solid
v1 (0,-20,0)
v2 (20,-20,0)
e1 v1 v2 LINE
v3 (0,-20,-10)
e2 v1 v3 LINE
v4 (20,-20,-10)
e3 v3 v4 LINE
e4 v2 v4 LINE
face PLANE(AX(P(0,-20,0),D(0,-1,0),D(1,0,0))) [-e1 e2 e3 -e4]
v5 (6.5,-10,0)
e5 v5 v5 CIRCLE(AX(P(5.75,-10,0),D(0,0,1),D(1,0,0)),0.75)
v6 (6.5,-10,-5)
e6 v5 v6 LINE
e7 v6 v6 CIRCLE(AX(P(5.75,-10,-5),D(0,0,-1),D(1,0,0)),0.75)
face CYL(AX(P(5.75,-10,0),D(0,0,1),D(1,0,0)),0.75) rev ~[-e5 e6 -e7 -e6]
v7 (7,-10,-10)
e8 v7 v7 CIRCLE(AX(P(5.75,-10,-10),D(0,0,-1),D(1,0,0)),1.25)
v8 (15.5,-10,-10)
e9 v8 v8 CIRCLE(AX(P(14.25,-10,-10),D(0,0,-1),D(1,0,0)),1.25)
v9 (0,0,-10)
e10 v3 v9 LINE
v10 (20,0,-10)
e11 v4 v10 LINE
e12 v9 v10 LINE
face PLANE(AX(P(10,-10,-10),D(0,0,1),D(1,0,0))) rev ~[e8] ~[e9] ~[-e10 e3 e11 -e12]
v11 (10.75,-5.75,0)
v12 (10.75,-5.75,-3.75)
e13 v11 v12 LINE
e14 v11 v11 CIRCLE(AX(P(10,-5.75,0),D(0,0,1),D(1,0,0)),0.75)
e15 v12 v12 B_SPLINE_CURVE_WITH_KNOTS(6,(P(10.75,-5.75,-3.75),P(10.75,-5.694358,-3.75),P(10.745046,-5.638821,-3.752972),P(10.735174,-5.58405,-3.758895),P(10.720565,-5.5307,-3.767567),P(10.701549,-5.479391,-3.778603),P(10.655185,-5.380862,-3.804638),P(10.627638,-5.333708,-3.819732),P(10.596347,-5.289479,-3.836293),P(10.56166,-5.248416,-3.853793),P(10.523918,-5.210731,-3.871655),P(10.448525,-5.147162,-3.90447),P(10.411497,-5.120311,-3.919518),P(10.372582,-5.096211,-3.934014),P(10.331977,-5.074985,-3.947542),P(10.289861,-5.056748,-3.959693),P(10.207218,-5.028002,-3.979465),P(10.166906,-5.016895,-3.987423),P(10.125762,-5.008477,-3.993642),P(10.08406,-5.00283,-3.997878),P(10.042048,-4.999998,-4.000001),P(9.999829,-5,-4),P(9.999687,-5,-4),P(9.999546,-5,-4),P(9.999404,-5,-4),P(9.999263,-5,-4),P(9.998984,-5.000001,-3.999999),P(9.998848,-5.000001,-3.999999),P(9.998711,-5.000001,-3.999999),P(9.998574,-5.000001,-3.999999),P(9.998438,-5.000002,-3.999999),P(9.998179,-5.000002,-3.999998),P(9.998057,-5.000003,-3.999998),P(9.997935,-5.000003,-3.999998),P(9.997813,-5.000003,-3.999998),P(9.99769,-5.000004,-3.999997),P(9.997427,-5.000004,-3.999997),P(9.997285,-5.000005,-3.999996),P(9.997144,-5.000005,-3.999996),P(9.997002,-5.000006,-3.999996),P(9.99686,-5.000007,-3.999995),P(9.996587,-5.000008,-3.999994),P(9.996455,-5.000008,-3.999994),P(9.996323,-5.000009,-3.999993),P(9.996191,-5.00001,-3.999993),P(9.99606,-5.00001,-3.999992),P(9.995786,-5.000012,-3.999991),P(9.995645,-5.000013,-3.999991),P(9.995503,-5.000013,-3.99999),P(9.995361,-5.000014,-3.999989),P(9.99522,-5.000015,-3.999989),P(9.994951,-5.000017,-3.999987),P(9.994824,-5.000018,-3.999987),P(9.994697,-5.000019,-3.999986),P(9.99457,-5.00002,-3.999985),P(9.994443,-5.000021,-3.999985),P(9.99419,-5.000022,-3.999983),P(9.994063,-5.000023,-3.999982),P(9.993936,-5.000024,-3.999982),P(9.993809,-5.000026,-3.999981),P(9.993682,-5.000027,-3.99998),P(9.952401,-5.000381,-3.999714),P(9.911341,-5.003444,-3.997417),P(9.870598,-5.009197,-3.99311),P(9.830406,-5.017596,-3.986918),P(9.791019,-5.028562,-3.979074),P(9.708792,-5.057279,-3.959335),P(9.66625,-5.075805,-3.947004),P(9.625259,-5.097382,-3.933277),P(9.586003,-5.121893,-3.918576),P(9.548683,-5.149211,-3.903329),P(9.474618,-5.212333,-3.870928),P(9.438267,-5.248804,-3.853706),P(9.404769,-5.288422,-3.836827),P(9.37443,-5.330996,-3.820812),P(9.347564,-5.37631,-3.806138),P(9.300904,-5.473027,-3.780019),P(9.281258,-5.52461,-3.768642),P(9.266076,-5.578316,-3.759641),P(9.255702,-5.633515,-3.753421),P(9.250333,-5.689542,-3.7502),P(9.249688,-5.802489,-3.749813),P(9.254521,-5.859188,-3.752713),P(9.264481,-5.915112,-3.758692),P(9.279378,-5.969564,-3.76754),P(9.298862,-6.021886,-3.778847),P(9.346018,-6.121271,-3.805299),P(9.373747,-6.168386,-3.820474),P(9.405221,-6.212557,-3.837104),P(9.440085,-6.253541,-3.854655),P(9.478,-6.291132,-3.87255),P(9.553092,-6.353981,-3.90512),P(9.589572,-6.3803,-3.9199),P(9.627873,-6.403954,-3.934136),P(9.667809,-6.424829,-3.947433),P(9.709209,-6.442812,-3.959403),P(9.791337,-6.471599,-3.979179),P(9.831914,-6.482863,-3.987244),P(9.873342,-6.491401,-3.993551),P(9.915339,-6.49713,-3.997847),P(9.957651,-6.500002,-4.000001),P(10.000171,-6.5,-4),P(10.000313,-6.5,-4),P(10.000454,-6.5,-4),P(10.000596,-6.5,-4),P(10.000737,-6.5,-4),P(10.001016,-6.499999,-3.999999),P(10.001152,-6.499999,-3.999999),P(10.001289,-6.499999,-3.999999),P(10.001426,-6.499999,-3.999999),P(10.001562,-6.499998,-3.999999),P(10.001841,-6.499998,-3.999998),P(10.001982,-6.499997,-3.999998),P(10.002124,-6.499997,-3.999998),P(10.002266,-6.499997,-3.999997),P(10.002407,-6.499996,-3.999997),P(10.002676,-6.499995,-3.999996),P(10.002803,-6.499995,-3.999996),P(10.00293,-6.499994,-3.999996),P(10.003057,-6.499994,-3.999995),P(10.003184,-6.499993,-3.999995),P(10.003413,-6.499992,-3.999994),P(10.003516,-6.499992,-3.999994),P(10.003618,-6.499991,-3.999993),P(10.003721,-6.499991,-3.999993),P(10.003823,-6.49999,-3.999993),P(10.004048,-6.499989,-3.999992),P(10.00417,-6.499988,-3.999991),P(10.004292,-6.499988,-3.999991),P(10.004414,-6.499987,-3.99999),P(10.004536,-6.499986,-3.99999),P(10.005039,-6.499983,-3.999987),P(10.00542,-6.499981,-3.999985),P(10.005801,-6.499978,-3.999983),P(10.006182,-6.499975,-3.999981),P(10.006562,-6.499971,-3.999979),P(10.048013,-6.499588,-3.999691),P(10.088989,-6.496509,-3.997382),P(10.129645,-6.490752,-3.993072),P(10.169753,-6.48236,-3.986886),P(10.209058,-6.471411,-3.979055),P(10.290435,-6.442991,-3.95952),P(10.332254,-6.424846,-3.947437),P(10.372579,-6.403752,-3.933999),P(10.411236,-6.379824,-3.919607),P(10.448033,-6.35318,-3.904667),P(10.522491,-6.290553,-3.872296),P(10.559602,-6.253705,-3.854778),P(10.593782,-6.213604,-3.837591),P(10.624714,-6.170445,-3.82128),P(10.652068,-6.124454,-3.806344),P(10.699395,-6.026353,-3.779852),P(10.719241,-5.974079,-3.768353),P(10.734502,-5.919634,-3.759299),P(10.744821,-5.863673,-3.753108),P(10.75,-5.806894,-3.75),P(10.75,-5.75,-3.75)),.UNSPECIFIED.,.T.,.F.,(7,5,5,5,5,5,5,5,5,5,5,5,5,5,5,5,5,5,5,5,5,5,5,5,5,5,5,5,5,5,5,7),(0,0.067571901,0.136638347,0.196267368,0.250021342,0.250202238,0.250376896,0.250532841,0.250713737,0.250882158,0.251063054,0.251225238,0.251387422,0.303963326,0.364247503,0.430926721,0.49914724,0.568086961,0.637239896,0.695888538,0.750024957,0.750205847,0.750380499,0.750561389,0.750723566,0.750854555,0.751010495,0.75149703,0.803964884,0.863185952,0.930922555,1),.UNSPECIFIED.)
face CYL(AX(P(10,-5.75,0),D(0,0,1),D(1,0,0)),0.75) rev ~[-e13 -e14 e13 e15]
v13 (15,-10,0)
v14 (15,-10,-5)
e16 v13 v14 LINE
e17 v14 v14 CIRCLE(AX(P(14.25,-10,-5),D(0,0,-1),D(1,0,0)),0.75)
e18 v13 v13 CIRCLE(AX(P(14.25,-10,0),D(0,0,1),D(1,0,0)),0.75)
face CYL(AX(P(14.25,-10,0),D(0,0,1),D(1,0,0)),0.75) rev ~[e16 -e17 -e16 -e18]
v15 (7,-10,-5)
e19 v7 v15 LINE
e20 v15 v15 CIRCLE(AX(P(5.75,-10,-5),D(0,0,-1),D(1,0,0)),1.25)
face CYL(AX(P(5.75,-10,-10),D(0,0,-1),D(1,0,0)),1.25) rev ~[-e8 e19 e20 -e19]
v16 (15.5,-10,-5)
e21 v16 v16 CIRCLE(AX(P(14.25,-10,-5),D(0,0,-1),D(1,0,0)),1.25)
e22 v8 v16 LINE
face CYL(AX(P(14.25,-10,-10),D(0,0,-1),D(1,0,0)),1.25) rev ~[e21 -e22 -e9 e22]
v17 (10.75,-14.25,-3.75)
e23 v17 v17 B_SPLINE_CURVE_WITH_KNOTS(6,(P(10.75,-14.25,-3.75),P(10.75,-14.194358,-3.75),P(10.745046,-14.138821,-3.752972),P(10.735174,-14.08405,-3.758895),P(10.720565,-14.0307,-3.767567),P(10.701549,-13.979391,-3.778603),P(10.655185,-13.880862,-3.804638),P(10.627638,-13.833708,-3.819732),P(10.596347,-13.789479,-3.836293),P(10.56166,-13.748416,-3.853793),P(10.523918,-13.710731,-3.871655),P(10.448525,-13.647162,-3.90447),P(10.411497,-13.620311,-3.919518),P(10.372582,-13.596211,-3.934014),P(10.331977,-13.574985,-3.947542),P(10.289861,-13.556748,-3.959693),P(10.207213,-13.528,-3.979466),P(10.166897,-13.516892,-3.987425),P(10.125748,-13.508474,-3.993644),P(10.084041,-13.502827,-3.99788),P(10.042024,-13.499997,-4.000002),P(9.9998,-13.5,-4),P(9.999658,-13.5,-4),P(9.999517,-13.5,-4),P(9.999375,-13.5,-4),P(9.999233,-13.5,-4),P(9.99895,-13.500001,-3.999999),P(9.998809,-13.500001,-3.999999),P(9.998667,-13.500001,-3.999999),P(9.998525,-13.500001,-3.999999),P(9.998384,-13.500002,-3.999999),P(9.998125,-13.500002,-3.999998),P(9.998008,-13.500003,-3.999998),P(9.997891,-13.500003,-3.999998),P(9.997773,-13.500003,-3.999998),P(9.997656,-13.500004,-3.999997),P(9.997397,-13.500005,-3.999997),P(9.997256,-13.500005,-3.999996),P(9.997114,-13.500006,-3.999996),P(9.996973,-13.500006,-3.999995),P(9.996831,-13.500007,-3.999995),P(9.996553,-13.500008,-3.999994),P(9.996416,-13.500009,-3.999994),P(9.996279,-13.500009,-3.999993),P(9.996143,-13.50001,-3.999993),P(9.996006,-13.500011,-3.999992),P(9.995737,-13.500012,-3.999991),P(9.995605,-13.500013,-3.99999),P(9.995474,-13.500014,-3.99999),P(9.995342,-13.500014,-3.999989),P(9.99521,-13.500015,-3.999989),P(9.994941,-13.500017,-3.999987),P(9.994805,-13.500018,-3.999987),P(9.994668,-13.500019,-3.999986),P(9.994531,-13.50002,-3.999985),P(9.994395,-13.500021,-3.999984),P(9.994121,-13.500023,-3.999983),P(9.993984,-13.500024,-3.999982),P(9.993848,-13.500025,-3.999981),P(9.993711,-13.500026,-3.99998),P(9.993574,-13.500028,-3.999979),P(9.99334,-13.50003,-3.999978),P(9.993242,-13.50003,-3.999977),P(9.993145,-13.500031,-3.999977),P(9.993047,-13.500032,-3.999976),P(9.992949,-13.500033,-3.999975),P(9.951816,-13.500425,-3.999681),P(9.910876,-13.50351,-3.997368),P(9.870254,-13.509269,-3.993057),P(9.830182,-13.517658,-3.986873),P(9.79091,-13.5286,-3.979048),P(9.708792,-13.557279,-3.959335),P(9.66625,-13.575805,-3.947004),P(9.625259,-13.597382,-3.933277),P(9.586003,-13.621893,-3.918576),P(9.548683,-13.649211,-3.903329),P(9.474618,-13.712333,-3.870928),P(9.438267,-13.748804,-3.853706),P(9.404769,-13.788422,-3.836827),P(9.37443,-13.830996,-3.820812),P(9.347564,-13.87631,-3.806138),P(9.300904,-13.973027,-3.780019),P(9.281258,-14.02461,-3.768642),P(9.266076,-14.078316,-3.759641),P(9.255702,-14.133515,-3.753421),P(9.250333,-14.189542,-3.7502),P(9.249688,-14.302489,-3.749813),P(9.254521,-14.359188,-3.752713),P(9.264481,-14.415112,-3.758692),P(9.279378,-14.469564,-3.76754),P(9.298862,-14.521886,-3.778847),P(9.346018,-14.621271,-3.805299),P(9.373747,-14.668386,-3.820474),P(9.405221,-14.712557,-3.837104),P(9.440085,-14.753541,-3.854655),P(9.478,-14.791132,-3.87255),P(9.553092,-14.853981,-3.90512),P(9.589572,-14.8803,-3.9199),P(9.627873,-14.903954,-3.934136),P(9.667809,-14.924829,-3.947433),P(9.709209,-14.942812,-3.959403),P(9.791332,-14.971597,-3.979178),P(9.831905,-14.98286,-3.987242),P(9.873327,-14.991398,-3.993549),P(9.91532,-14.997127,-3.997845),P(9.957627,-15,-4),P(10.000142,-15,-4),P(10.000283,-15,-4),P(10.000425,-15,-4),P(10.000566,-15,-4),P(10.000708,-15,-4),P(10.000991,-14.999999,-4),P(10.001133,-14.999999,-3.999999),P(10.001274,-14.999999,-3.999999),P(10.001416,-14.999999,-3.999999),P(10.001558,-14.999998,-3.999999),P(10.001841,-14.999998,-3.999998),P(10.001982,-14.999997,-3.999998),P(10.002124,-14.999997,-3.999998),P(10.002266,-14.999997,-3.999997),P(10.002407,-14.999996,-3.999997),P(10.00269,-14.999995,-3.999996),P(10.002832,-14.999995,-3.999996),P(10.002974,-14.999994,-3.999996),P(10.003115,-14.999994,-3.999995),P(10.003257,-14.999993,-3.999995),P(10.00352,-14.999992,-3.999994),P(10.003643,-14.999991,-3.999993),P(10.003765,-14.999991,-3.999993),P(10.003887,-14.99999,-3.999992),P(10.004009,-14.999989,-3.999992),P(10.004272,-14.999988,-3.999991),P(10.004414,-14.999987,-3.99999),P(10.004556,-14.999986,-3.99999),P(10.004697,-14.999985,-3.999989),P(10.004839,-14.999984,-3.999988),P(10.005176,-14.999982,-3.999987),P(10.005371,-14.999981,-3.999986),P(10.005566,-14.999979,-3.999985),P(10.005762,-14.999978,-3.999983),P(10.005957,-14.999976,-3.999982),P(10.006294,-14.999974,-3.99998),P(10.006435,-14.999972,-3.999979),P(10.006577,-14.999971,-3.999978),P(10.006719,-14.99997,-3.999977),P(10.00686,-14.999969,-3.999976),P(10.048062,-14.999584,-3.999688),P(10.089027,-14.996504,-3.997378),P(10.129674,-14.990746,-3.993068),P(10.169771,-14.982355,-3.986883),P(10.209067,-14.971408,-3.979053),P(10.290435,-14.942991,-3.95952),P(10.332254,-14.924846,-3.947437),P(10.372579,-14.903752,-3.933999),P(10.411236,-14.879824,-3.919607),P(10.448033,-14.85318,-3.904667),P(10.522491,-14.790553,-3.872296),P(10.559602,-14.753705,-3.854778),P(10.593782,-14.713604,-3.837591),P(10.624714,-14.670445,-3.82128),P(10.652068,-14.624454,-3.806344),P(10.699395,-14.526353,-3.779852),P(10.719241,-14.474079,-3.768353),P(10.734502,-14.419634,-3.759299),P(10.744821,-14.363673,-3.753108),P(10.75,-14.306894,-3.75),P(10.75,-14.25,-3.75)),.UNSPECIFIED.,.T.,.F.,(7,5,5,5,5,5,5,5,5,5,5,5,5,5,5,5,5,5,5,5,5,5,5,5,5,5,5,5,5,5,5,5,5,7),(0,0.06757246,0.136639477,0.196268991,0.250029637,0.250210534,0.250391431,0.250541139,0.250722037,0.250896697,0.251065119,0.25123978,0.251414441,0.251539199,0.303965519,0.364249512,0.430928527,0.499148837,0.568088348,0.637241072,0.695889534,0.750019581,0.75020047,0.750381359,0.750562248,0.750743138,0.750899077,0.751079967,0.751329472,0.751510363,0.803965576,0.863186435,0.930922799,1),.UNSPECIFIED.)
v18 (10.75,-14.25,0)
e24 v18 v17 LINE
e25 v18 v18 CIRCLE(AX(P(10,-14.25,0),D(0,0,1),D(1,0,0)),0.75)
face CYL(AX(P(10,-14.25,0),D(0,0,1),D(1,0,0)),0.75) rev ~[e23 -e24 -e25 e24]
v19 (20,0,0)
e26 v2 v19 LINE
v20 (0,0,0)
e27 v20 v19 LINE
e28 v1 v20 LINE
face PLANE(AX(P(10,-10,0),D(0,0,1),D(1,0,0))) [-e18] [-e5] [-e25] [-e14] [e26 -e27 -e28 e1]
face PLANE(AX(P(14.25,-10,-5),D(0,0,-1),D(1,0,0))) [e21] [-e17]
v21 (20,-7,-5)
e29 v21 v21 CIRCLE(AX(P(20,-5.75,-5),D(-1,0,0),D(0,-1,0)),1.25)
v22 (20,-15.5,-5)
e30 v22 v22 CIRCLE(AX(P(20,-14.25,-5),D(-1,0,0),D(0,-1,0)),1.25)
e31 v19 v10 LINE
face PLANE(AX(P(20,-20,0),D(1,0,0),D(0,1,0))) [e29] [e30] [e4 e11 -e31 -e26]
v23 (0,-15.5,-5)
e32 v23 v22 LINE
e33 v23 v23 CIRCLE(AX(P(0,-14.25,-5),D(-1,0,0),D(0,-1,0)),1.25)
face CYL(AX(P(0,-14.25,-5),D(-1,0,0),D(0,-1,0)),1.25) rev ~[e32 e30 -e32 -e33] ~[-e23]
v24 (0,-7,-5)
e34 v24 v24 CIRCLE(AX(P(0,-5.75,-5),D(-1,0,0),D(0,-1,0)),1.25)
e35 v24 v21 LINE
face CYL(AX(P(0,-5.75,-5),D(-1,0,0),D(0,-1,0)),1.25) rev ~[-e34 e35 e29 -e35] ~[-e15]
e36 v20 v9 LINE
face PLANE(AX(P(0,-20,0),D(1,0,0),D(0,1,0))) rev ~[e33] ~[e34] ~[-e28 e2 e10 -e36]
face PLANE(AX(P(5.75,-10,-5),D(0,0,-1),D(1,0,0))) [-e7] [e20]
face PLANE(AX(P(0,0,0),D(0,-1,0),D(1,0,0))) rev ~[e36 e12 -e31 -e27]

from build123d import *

# Parameters (mm, degrees)
F0_W     = 20
F0_H     = 20
F0_R     = 8
F0_R_2   = 7
F0_R_3   = 0.75
F1_DEPTH = 10
F2_R     = 1.25
F3_DEPTH = 25
F4_DEPTH = 6
F5_R     = 1.25
F5_R_2   = 0.75
F6_DEPTH = 5


with BuildPart() as f1:
    # F0 (on Top) → F1 (new body)
    with BuildSketch(Plane.XY):
        with Locations((10, -10)):
            Rectangle(F0_W, F0_H)
        with Locations((10, -10)):
            Circle(F0_R, mode=Mode.SUBTRACT)
        with Locations((10, -10)):
            Circle(F0_R)
        with Locations((10, -10)):
            Circle(F0_R_2, mode=Mode.SUBTRACT)
        with Locations((10, -10)):
            Circle(F0_R_2)
        with Locations((10, -14.25)):
            Circle(F0_R_3, mode=Mode.SUBTRACT)
        with Locations((5.75, -10)):
            Circle(F0_R_3, mode=Mode.SUBTRACT)
        with Locations((14.25, -10)):
            Circle(F0_R_3, mode=Mode.SUBTRACT)
        with Locations((10, -5.75)):
            Circle(F0_R_3, mode=Mode.SUBTRACT)
        with Locations((10, -14.25)):
            Circle(F0_R_3)
        with Locations((10, -5.75)):
            Circle(F0_R_3)
    extrude(amount=-F1_DEPTH)

    # F2 (on face) → F3 (cut)
    with BuildSketch(Plane(origin=(0, 0, 0), x_dir=(0, -1, 0), z_dir=(-1, 0, 0))):
        with Locations((5.75, -5)):
            Circle(F2_R)
        with Locations((14.25, -5)):
            Circle(F2_R)
    extrude(amount=-F3_DEPTH, mode=Mode.SUBTRACT)

    # F0 (on Top) → F4 (cut)
    with BuildSketch(Plane.XY):
        with Locations((10, -5.75)):
            Circle(F0_R_3)
        with Locations((10, -14.25)):
            Circle(F0_R_3)
    extrude(amount=-F4_DEPTH, mode=Mode.SUBTRACT)

    # F5 (on face) → F6 (cut)
    with BuildSketch(Plane(origin=(0, 0, -10), x_dir=(1, 0, 0), z_dir=(0, 0, -1))):
        with Locations((5.75, 10)):
            Circle(F5_R)
        with Locations((5.75, 10)):
            Circle(F5_R_2, mode=Mode.SUBTRACT)
        with Locations((14.25, 10)):
            Circle(F5_R)
        with Locations((14.25, 10)):
            Circle(F5_R_2, mode=Mode.SUBTRACT)
    extrude(amount=-F6_DEPTH, mode=Mode.SUBTRACT)


solid = f1.part
